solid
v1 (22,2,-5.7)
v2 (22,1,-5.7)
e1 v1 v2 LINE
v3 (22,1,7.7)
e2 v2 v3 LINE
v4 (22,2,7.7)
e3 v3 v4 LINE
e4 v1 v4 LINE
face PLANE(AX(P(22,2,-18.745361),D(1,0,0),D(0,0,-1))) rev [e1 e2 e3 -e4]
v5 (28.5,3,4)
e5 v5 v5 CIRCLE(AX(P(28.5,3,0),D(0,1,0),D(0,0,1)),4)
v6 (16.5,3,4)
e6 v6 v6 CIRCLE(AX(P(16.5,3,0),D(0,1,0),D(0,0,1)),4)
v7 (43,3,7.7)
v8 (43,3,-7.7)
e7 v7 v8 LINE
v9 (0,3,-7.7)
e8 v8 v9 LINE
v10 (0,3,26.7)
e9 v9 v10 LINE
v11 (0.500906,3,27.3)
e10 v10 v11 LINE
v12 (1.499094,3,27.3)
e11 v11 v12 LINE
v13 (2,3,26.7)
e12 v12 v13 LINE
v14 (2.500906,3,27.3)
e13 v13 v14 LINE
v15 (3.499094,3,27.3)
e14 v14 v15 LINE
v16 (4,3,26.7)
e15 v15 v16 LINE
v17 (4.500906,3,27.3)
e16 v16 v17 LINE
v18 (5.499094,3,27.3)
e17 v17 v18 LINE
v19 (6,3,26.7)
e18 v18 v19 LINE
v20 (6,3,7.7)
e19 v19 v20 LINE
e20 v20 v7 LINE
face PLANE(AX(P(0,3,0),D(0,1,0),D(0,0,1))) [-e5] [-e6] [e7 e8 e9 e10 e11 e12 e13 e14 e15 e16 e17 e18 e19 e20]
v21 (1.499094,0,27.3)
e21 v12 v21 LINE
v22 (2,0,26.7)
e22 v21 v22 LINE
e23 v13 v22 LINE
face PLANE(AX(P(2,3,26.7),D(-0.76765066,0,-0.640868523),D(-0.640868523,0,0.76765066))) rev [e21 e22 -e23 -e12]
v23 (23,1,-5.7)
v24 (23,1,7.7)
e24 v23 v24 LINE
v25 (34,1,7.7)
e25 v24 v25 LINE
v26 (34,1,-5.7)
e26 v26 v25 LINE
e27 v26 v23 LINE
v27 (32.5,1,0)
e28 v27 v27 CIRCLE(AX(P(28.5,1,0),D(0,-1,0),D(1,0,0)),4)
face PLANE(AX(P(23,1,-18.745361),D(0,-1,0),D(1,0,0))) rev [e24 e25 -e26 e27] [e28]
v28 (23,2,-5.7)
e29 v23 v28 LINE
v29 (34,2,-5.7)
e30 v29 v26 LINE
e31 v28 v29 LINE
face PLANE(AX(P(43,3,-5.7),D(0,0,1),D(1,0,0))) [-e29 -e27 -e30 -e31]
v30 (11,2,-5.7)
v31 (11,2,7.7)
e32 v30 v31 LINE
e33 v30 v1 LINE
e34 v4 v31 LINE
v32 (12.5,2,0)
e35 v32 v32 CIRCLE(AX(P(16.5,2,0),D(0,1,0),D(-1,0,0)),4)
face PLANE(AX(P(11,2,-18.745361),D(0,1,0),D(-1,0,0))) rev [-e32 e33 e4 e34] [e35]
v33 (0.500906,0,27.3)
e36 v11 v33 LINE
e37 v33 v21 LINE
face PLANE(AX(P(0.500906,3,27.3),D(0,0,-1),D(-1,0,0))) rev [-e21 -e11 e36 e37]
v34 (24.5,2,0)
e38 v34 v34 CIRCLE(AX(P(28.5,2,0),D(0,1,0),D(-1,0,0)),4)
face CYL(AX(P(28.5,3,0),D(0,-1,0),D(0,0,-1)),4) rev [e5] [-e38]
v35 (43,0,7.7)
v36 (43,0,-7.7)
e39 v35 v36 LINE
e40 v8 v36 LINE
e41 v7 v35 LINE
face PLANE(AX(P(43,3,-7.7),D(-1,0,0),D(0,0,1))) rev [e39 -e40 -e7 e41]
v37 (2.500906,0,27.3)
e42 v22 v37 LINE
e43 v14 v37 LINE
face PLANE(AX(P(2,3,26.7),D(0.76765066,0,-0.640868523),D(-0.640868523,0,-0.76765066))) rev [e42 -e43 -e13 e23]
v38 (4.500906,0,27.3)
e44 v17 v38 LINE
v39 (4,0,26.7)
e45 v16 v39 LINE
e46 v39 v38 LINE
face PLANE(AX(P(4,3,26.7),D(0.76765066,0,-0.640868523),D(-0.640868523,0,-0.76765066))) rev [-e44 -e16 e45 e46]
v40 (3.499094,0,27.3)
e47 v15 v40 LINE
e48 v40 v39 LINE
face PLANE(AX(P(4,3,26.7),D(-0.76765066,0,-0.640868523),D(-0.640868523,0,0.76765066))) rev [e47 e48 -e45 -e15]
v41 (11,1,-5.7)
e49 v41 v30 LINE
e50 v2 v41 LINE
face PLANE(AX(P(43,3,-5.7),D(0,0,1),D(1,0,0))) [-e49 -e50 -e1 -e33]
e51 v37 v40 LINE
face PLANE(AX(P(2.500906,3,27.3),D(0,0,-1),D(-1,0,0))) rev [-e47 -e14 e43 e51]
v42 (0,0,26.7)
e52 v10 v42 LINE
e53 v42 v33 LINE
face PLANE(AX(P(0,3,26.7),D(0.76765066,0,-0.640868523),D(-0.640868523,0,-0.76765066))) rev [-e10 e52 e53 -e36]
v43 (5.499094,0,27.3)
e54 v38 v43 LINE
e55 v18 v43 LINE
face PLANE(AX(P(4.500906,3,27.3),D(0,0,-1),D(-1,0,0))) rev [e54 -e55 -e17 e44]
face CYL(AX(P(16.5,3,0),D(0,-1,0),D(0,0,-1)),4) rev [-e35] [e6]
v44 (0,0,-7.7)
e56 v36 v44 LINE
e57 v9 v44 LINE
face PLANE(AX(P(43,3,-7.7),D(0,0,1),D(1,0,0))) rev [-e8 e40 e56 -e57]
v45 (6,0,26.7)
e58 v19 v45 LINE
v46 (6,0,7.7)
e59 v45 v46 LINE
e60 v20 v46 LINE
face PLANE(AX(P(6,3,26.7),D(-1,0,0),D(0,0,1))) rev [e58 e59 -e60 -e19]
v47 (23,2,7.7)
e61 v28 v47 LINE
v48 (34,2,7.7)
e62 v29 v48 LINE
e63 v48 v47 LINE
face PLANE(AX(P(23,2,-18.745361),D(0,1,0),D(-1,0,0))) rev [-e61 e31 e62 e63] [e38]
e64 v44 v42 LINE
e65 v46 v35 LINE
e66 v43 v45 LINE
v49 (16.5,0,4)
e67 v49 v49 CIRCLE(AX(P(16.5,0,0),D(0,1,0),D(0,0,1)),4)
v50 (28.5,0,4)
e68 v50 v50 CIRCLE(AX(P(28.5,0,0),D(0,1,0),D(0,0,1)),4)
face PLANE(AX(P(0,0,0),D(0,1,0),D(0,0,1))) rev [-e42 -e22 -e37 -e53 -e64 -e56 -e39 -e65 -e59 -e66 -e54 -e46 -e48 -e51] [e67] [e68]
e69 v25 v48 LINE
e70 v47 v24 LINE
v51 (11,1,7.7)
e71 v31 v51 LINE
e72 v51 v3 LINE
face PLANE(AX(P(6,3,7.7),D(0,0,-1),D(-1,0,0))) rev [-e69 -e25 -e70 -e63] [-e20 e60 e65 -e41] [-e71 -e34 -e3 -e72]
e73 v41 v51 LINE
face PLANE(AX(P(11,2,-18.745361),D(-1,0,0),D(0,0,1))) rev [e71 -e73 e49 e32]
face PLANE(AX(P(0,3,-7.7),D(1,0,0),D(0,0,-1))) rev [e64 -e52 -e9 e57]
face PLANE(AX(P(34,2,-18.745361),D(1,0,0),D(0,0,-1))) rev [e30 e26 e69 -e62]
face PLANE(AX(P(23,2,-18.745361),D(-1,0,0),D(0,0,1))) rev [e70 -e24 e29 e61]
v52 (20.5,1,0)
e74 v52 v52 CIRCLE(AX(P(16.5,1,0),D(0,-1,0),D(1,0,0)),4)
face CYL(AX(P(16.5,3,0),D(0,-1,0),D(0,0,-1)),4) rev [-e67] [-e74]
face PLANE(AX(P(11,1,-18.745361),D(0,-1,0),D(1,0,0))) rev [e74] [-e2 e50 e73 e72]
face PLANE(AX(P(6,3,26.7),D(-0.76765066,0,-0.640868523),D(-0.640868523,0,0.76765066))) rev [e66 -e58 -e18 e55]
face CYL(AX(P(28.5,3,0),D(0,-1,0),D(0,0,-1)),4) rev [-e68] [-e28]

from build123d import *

# Parameters (mm, degrees)
SKETCH1_R           = 4
BOSS_EXTRUDE1_DEPTH = 3
SKETCH2_W           = 11
SKETCH2_H           = 1
CUT_EXTRUDE1_DEPTH  = 13.4


with BuildPart() as part:
    # Sketch1 → Boss-Extrude1 (new body)
    with BuildSketch(Plane(origin=(0, 0, 0), x_dir=(1, 0, 0), z_dir=(0, 1, 0))):
        Polygon((43, 7.7), (43, -7.7), (6, -7.7), (6, -26.7), (5.499093619, -27.3), (4.500906381, -27.3), (4, -26.7), (3.499093619, -27.3), (2.500906381, -27.3), (2, -26.7), (1.499093619, -27.3), (0.500906381, -27.3), (0, -26.7), (0, 7.7), align=None)
        with Locations(Location((16.5, 0, 0), (0, 0, 270))):
            Circle(SKETCH1_R, mode=Mode.SUBTRACT)
        with Locations(Location((28.5, 0, 0), (0, 0, 270))):
            Circle(SKETCH1_R, mode=Mode.SUBTRACT)
    extrude(amount=BOSS_EXTRUDE1_DEPTH)

    # Sketch2 → Cut-Extrude1 (cut)
    with BuildSketch(Plane.XY.offset(7.7)):
        with Locations((16.5, 1.5)):
            Rectangle(SKETCH2_W, SKETCH2_H)
        with Locations((28.5, 1.5)):
            Rectangle(SKETCH2_W, SKETCH2_H)
    extrude(amount=-CUT_EXTRUDE1_DEPTH, mode=Mode.SUBTRACT)


solid = part.part
